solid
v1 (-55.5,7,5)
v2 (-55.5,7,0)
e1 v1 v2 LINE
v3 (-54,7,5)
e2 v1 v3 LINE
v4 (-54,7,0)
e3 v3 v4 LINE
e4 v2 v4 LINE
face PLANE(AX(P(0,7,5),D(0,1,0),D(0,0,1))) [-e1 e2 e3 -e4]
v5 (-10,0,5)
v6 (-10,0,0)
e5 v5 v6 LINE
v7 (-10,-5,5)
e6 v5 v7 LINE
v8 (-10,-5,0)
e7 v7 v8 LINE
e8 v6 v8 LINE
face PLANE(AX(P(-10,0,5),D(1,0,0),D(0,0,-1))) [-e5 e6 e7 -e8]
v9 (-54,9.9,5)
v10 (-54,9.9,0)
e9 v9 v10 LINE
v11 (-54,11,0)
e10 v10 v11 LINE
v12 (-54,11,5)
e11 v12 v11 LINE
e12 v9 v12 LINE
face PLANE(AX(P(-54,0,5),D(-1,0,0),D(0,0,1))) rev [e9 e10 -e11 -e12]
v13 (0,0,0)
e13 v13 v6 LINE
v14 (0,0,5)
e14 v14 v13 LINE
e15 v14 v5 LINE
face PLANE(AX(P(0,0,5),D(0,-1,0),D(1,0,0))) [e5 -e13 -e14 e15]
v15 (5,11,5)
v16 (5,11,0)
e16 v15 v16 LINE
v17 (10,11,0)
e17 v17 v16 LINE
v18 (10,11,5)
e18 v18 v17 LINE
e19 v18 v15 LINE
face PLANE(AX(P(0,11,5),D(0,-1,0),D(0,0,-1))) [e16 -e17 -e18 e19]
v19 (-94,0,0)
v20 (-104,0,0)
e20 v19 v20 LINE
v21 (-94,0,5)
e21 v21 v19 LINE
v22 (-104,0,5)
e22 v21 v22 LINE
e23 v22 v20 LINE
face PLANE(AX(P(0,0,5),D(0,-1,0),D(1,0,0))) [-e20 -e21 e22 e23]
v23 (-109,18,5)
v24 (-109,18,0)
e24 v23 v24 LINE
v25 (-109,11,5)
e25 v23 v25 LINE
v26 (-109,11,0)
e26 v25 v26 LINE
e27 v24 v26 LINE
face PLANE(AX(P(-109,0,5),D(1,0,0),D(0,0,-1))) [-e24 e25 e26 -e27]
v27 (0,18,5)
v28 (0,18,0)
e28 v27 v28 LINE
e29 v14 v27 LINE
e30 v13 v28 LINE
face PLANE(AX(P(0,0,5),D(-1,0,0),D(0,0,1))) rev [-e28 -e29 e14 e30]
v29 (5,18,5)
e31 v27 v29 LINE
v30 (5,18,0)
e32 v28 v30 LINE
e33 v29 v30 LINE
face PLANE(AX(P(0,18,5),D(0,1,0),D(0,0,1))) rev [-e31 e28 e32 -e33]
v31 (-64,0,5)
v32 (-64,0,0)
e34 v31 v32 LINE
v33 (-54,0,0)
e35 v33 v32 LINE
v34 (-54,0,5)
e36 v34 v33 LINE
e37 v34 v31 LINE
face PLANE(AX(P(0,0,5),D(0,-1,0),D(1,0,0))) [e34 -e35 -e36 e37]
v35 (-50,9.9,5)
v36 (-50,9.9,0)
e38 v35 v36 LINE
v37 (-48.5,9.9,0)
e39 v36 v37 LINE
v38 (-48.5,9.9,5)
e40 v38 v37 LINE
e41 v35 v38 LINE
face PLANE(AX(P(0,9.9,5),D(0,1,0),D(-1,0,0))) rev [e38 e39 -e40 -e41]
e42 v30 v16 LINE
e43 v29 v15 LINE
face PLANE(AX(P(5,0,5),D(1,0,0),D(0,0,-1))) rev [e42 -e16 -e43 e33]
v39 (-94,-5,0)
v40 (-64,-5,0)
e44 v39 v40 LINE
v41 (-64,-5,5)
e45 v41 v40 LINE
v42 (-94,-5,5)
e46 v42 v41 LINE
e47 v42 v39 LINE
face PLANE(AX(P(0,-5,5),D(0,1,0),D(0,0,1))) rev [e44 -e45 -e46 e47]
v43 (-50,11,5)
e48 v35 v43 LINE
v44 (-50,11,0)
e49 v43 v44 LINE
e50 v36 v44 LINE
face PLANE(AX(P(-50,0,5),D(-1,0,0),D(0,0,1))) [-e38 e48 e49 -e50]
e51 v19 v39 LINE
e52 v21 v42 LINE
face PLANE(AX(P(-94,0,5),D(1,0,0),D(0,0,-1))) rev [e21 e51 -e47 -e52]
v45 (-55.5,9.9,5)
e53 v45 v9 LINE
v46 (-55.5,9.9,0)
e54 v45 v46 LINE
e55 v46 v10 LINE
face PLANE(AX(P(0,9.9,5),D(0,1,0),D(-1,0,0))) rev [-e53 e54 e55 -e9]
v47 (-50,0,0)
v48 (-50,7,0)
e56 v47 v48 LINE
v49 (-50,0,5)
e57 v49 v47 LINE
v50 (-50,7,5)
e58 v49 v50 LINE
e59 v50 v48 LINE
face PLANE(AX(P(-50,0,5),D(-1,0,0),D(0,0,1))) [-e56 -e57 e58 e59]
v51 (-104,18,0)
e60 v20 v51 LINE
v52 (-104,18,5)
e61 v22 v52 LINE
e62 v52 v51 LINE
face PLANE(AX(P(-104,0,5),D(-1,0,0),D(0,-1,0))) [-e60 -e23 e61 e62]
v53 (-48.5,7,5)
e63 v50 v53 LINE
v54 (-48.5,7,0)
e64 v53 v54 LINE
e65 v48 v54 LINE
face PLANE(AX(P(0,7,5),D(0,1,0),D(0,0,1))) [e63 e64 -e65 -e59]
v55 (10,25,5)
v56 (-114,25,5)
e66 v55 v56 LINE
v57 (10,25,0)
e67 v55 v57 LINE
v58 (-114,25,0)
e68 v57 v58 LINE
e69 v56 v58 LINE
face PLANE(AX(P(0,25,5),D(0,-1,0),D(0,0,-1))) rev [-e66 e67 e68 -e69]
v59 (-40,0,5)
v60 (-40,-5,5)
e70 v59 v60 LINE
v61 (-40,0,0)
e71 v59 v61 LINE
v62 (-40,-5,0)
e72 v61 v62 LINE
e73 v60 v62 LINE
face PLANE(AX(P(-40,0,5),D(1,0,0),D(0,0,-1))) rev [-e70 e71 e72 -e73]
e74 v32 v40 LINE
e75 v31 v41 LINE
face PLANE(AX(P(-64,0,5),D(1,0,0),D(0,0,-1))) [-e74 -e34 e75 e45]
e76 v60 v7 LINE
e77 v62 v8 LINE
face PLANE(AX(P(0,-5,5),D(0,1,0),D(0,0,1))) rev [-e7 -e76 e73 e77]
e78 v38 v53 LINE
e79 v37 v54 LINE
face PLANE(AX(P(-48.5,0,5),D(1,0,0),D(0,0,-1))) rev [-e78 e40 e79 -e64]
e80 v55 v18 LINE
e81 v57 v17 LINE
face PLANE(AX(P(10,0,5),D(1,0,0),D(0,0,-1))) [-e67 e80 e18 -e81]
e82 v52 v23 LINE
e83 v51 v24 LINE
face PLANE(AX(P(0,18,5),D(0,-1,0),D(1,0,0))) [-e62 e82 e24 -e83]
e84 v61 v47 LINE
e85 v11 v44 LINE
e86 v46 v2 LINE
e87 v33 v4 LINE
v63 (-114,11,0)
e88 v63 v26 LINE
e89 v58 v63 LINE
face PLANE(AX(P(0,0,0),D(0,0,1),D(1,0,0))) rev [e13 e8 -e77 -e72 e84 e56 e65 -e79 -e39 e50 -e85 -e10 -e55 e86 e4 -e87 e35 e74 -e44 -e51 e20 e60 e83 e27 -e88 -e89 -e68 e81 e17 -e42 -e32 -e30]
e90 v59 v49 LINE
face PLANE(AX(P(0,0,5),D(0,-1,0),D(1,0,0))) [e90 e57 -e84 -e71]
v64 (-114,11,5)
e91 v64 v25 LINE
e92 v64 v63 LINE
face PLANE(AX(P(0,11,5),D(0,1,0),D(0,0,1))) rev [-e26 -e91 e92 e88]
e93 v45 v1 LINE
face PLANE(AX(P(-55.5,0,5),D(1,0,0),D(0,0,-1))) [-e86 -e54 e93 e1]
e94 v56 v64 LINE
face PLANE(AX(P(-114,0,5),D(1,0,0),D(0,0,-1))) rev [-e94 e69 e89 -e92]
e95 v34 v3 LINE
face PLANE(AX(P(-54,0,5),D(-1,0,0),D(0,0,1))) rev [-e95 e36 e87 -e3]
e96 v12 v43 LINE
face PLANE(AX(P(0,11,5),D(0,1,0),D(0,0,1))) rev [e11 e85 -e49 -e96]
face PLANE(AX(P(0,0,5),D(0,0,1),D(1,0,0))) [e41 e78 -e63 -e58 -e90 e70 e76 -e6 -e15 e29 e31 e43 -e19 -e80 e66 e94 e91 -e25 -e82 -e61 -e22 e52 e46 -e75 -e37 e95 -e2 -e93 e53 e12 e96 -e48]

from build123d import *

# Parameters (mm, degrees)
SKETCH_1_W      = 5
SKETCH_1_H      = 7
SKETCH_1_H_2    = 14
SKETCH_1_W_2    = 30
SKETCH_1_H_3    = 5
EXTRUDE_2_DEPTH = 5


with BuildPart() as part:
    # 草图1 → 凸台-拉伸2 (new body)
    with BuildSketch(Plane.XY):
        with Locations((-106.5, 21.5)):
            Rectangle(SKETCH_1_W, SKETCH_1_H)
        with Locations((-111.5, 18)):
            Rectangle(SKETCH_1_W, SKETCH_1_H_2)
        Polygon((-64, 0), (-54, 0), (-54, 7), (-55.5, 7), (-55.5, 9.9), (-54, 9.9), (-54, 11), (-52, 11), (-52, 25), (-104, 25), (-104, 18), (-104, 0), (-94, 0), align=None)
        Polygon((-50, 7), (-50, 0), (-40, 0), (-10, 0), (0, 0), (0, 18), (0, 25), (-52, 25), (-52, 11), (-50, 11), (-50, 9.9), (-48.5, 9.9), (-48.5, 7), align=None)
        with Locations((7.5, 18)):
            Rectangle(SKETCH_1_W, SKETCH_1_H_2)
        with Locations((2.5, 21.5)):
            Rectangle(SKETCH_1_W, SKETCH_1_H)
        with Locations((-25, -2.5)):
            Rectangle(SKETCH_1_W_2, SKETCH_1_H_3)
        with Locations((-79, -2.5)):
            Rectangle(SKETCH_1_W_2, SKETCH_1_H_3)
    extrude(amount=EXTRUDE_2_DEPTH)


solid = part.part
